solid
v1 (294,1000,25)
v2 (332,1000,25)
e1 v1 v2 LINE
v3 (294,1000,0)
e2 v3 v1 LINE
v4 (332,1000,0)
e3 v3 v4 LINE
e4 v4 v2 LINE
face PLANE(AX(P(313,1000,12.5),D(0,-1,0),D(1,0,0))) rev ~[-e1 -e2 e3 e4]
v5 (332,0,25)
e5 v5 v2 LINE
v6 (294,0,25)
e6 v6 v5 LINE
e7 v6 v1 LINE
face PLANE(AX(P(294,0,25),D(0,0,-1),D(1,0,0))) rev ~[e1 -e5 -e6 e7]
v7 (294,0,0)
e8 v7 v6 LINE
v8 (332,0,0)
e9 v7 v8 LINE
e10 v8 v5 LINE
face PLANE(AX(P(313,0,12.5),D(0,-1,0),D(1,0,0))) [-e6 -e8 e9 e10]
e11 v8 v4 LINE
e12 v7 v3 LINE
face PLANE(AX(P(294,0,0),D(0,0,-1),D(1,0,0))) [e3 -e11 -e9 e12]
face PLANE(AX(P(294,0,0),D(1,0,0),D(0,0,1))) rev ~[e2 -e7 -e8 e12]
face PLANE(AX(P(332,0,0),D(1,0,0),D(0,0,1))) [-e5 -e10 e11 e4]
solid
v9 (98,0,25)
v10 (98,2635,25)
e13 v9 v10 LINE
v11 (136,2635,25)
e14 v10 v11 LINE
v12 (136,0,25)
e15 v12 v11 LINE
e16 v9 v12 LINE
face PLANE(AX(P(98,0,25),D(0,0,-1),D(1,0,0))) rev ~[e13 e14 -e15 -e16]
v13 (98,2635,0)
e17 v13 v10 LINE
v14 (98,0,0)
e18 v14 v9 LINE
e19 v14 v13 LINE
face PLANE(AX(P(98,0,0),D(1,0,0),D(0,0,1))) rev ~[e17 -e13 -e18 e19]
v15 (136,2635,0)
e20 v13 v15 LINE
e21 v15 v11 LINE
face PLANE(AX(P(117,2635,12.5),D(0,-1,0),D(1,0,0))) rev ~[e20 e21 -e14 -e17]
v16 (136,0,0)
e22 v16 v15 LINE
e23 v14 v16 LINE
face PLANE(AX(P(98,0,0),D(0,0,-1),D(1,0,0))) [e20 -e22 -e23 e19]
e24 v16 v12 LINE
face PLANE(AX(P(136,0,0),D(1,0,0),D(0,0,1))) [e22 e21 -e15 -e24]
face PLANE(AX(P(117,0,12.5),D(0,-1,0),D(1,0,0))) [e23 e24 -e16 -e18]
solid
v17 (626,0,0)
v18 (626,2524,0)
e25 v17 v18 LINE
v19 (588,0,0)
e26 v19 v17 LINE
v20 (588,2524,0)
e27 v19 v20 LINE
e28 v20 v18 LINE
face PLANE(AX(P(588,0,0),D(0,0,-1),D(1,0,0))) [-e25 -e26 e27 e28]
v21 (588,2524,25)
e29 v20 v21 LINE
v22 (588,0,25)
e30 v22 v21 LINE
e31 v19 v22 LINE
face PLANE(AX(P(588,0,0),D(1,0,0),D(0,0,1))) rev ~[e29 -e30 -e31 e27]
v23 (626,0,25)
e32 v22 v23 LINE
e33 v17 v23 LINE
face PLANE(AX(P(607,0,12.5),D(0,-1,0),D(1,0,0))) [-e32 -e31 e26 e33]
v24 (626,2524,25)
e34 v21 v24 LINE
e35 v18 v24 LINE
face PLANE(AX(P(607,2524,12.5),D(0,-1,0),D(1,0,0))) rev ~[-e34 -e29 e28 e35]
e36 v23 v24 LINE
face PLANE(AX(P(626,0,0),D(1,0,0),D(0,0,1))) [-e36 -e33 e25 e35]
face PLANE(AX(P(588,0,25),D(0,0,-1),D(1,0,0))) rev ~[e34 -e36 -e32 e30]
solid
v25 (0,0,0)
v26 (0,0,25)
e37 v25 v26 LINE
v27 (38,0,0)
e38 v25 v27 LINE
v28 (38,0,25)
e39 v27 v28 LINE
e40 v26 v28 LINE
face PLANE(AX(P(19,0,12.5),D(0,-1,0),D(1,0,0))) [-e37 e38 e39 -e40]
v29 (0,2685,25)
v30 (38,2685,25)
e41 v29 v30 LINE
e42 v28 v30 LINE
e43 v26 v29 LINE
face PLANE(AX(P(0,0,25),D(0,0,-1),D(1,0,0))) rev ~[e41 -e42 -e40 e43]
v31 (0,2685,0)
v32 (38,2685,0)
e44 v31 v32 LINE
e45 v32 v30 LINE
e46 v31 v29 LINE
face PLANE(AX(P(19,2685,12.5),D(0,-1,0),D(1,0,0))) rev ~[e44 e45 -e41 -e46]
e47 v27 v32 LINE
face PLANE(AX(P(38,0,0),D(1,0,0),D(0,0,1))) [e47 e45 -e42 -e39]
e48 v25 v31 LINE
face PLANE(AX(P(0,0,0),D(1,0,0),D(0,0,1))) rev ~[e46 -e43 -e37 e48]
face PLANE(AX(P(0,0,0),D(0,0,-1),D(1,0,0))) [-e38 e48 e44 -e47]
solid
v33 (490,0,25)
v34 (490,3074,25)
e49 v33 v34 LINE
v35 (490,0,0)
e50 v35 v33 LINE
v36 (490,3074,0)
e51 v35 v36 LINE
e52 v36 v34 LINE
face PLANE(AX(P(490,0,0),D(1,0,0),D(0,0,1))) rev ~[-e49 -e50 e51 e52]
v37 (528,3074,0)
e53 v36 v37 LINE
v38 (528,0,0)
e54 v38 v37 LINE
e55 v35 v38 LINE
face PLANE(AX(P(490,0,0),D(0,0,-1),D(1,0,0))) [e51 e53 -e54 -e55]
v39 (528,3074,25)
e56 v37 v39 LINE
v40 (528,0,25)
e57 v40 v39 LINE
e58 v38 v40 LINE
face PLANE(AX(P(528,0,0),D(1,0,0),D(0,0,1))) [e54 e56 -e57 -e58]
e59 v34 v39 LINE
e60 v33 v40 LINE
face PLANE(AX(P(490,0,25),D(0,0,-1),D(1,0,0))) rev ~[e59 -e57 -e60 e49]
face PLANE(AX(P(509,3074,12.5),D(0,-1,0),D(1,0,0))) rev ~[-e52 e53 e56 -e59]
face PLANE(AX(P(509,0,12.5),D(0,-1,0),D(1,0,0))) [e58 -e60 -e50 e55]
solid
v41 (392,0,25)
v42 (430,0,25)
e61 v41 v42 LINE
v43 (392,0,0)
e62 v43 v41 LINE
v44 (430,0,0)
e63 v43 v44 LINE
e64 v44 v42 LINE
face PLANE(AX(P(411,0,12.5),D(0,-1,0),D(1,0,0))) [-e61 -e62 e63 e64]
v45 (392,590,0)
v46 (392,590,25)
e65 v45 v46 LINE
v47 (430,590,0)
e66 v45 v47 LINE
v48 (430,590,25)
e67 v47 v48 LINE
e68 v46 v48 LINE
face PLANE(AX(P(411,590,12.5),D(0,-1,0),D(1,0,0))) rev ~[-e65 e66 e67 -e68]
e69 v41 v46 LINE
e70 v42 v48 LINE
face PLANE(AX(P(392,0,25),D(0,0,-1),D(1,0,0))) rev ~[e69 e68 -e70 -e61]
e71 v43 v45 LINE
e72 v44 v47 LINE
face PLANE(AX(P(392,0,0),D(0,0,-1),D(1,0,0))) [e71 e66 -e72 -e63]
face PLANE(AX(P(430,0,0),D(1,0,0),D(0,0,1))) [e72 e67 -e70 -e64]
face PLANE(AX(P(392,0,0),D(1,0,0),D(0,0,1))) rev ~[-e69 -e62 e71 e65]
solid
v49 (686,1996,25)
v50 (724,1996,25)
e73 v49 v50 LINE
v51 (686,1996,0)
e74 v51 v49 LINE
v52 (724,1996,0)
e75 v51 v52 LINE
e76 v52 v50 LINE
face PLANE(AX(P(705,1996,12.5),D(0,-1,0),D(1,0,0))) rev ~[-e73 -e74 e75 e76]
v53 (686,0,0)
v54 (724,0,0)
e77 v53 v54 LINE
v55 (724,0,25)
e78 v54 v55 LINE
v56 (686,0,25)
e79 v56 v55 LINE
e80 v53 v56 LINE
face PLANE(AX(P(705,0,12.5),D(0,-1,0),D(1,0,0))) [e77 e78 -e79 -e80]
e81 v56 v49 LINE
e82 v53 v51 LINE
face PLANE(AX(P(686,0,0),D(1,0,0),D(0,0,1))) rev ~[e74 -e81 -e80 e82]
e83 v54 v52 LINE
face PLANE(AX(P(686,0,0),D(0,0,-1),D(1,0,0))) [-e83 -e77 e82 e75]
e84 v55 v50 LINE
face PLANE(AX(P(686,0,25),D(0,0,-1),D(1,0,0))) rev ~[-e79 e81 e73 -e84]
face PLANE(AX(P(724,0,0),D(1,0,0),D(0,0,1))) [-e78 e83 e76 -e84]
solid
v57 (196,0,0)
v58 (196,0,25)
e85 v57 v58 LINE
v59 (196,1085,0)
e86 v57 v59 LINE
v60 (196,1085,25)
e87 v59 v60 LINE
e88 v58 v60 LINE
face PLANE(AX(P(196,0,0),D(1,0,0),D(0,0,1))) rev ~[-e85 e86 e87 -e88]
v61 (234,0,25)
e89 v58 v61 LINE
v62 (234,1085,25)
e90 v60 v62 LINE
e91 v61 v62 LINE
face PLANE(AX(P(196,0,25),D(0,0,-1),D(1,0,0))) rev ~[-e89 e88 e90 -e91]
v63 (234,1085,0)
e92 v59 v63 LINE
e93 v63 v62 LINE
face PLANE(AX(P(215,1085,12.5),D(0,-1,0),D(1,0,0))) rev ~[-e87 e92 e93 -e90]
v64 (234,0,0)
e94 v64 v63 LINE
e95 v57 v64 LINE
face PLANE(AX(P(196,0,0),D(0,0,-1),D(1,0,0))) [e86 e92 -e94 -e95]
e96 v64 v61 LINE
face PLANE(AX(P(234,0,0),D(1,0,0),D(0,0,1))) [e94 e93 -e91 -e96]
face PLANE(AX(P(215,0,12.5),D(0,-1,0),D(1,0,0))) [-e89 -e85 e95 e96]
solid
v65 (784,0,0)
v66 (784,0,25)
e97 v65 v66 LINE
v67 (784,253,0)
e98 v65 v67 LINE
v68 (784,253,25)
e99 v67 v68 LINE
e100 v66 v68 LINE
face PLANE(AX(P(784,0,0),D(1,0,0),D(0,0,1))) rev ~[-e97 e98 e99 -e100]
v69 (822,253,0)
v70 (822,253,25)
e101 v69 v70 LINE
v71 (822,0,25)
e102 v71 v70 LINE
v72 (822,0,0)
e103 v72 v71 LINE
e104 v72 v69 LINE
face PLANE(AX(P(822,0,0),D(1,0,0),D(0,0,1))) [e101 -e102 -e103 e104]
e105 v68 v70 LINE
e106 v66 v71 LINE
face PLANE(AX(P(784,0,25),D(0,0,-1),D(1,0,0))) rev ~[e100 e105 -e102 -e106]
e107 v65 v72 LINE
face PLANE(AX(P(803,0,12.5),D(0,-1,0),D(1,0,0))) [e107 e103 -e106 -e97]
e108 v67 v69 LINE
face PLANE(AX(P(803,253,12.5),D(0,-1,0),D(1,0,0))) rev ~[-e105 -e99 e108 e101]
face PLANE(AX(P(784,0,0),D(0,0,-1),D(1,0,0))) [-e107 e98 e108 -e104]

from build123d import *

# Parameters (mm, degrees)
F0_W     = 38
F0_H     = 25
F1_DEPTH = 2685
F2_DEPTH = 2635
F3_DEPTH = 1085
F4_DEPTH = 1000
F5_DEPTH = 590
F6_DEPTH = 3074
F7_DEPTH = 2524
F8_DEPTH = 1996
F9_DEPTH = 253


with BuildPart() as f1:
    # F0 (on Front) → F1 (new body)
    with BuildSketch(Plane.XZ):
        with Locations((19, 12.5)):
            Rectangle(F0_W, F0_H)
    extrude(amount=-F1_DEPTH)


with BuildPart() as f2:
    # F0 (on Front) → F2 (new body)
    with BuildSketch(Plane.XZ):
        with Locations((117, 12.5)):
            Rectangle(F0_W, F0_H)
    extrude(amount=-F2_DEPTH)


with BuildPart() as f3:
    # F0 (on Front) → F3 (new body)
    with BuildSketch(Plane.XZ):
        with Locations((215, 12.5)):
            Rectangle(F0_W, F0_H)
    extrude(amount=-F3_DEPTH)


with BuildPart() as f4:
    # F0 (on Front) → F4 (new body)
    with BuildSketch(Plane.XZ):
        with Locations((313, 12.5)):
            Rectangle(F0_W, F0_H)
    extrude(amount=-F4_DEPTH)


with BuildPart() as f5:
    # F0 (on Front) → F5 (new body)
    with BuildSketch(Plane.XZ):
        with Locations((411, 12.5)):
            Rectangle(F0_W, F0_H)
    extrude(amount=-F5_DEPTH)


with BuildPart() as f6:
    # F0 (on Front) → F6 (new body)
    with BuildSketch(Plane.XZ):
        with Locations((509, 12.5)):
            Rectangle(F0_W, F0_H)
    extrude(amount=-F6_DEPTH)


with BuildPart() as f7:
    # F0 (on Front) → F7 (new body)
    with BuildSketch(Plane.XZ):
        with Locations((607, 12.5)):
            Rectangle(F0_W, F0_H)
    extrude(amount=-F7_DEPTH)


with BuildPart() as f8:
    # F0 (on Front) → F8 (new body)
    with BuildSketch(Plane.XZ):
        with Locations((705, 12.5)):
            Rectangle(F0_W, F0_H)
    extrude(amount=-F8_DEPTH)


with BuildPart() as f9:
    # F0 (on Front) → F9 (new body)
    with BuildSketch(Plane.XZ):
        with Locations((803, 12.5)):
            Rectangle(F0_W, F0_H)
    extrude(amount=-F9_DEPTH)


solid = Compound([f1.part, f2.part, f3.part, f4.part, f5.part, f6.part, f7.part, f8.part, f9.part])
